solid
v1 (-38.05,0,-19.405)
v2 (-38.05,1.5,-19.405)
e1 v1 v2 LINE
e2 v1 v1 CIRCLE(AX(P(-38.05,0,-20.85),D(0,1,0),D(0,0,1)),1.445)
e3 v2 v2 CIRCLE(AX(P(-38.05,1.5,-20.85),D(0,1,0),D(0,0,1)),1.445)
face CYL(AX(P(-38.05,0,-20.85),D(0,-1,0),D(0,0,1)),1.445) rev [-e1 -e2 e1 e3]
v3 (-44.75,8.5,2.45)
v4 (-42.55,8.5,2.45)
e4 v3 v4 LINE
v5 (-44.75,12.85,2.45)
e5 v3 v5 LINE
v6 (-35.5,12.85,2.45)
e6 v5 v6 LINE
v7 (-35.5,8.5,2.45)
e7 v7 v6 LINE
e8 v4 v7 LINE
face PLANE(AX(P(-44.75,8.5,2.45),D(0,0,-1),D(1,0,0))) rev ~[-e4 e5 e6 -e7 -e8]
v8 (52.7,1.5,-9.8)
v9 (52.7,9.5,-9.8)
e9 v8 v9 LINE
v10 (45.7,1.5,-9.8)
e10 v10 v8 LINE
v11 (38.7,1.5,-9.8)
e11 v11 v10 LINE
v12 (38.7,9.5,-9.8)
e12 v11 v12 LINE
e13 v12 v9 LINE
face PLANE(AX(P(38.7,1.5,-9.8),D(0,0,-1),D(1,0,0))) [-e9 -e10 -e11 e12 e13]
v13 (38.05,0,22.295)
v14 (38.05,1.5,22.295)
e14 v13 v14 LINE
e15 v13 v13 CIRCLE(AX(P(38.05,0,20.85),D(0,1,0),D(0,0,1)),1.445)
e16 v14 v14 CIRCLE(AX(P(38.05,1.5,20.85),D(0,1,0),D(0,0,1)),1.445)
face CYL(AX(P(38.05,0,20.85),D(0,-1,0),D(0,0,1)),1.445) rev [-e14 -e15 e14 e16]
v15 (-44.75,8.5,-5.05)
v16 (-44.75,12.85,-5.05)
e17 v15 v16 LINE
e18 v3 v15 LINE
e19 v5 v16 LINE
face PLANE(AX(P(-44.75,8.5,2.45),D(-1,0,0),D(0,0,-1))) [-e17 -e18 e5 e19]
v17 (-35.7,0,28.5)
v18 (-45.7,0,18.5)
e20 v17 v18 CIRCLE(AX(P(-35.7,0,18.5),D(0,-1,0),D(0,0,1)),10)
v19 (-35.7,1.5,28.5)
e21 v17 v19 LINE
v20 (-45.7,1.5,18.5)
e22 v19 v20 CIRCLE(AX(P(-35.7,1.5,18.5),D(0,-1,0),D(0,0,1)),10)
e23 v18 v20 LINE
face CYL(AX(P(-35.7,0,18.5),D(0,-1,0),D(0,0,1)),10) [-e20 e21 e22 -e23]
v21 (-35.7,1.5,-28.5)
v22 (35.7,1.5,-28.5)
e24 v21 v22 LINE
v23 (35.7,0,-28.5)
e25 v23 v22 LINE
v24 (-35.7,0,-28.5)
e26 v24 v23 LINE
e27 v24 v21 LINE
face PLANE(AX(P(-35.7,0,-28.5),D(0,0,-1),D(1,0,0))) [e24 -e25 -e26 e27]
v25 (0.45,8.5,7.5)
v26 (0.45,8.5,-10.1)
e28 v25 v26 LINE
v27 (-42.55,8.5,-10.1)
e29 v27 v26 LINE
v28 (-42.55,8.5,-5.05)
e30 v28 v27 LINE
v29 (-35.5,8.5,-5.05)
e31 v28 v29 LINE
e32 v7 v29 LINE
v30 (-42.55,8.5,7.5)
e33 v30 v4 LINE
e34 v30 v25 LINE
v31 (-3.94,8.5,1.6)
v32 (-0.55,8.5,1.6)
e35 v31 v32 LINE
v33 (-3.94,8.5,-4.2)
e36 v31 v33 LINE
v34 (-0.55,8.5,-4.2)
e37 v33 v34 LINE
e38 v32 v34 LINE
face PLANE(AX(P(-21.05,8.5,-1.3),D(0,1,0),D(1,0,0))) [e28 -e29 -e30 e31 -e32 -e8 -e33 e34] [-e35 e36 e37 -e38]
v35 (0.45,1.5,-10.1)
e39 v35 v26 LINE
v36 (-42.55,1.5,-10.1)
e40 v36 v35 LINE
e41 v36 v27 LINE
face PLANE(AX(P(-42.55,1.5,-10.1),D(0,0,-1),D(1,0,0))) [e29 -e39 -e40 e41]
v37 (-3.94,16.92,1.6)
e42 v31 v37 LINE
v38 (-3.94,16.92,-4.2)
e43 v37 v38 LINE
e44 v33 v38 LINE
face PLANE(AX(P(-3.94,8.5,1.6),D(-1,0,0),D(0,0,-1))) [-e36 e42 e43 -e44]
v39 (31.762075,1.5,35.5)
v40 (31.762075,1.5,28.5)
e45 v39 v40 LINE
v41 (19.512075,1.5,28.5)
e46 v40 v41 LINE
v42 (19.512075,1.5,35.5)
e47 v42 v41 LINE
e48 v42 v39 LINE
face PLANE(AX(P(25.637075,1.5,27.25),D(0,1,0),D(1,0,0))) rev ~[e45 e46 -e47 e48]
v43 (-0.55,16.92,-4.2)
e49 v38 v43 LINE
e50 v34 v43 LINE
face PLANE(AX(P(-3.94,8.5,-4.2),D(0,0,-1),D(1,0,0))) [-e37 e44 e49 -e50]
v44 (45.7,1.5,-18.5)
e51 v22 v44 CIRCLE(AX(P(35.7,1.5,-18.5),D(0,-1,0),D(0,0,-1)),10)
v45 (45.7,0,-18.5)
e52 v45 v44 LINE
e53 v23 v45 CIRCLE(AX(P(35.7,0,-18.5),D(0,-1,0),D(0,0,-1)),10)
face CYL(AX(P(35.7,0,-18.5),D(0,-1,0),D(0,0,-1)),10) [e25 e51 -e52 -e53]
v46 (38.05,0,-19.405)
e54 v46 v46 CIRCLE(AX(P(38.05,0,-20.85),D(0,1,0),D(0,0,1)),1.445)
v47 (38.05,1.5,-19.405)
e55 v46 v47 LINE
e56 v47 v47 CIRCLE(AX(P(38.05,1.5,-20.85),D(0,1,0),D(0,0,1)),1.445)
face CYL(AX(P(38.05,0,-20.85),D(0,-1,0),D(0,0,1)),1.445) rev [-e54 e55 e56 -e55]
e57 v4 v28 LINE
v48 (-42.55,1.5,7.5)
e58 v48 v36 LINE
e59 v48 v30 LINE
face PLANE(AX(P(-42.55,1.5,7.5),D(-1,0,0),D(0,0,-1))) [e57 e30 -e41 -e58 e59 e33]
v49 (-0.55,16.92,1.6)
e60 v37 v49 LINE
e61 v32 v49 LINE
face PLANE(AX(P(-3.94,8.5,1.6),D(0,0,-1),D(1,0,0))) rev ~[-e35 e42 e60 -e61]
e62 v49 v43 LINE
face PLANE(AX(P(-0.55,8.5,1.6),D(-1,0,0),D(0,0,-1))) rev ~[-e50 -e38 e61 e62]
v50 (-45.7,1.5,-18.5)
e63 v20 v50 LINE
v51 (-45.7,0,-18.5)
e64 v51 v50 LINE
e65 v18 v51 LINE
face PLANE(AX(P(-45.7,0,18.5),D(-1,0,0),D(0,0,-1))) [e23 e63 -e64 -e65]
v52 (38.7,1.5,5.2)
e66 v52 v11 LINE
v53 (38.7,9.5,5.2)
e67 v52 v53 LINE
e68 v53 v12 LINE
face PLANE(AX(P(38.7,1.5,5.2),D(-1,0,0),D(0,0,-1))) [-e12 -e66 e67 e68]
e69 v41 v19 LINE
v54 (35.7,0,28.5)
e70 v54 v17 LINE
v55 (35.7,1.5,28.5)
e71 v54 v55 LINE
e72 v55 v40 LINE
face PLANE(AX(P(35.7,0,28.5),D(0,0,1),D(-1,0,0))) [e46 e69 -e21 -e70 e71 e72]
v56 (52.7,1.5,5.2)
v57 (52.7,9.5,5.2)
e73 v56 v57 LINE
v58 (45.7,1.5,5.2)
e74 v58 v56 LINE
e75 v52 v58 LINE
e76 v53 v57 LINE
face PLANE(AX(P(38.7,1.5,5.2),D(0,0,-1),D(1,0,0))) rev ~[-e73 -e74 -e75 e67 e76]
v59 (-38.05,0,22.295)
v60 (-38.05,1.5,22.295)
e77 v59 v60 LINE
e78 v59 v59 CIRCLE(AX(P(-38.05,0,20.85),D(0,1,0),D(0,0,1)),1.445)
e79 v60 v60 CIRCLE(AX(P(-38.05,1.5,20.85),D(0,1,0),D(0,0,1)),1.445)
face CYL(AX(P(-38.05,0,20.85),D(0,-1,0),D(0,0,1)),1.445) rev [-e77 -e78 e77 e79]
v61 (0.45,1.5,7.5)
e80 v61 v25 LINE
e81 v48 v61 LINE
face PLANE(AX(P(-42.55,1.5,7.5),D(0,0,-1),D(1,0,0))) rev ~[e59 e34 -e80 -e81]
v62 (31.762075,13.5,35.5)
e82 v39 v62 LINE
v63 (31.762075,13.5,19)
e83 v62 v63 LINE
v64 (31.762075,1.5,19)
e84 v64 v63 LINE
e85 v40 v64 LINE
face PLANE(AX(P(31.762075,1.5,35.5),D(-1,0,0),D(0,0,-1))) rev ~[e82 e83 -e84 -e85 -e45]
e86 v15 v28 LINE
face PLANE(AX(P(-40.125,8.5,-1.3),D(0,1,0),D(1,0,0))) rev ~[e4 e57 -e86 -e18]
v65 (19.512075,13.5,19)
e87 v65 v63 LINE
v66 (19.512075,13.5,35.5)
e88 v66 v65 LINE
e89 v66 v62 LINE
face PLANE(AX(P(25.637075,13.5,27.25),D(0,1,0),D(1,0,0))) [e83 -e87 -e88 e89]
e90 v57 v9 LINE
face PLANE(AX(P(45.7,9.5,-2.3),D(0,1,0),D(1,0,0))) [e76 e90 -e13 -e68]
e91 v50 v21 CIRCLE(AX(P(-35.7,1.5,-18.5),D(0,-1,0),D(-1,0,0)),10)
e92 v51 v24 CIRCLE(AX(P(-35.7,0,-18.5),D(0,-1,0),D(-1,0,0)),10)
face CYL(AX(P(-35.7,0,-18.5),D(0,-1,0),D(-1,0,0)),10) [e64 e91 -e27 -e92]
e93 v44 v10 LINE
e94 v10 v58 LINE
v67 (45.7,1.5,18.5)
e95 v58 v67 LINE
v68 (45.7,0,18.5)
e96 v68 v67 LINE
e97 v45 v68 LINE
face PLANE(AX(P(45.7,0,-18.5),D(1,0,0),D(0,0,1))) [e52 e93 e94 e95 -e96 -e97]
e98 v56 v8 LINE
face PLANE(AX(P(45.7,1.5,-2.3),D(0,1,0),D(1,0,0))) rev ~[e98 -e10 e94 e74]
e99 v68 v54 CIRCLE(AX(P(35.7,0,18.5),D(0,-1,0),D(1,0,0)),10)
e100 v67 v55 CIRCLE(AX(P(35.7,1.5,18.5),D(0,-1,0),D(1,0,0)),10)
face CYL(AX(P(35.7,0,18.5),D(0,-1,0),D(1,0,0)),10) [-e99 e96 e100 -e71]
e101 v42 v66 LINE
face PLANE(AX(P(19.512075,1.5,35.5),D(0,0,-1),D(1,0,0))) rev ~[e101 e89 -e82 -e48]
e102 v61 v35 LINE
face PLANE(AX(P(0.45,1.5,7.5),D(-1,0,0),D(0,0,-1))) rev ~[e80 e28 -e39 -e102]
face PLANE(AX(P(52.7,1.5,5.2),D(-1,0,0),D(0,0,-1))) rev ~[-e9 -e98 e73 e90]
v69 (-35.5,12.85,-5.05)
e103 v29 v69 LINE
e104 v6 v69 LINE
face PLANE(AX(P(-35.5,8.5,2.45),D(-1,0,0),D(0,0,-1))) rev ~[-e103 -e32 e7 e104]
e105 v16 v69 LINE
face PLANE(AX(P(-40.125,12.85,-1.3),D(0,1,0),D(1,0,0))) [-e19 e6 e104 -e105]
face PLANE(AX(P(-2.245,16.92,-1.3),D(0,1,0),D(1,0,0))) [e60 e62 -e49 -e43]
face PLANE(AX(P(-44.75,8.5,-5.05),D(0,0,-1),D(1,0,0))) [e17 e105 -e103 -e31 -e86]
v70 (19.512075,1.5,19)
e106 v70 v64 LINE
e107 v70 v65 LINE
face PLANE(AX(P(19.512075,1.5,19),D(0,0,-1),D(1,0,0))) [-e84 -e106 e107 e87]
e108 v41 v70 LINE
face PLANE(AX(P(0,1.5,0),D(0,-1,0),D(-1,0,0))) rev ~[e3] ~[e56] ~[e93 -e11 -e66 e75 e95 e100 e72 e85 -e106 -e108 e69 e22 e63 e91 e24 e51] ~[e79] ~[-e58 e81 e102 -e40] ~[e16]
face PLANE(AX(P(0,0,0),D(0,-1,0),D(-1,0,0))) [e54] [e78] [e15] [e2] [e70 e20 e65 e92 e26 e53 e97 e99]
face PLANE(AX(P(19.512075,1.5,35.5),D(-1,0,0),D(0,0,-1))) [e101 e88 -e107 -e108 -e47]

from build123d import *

# Parameters (mm, degrees)
SKETCH1_R           = 1.445
BOSS_EXTRUDE1_DEPTH = 1.5
SKETCH2_W           = 43
SKETCH2_H           = 17.6
BOSS_EXTRUDE2_DEPTH = 7
SKETCH3_W           = 9.25
SKETCH3_H           = 7.5
BOSS_EXTRUDE3_DEPTH = 4.35
SKETCH4_W           = 3.39
SKETCH4_H           = 5.8
BOSS_EXTRUDE4_DEPTH = 8.42
SKETCH5_W           = 14
SKETCH5_H           = 15
BOSS_EXTRUDE5_DEPTH = 8
SKETCH6_W           = 12.25
SKETCH6_H           = 16.5
BOSS_EXTRUDE6_DEPTH = 12


with BuildPart() as part:
    # Sketch1 → Boss-Extrude1 (new body)
    with BuildSketch(Plane(origin=(0, 0, 0), x_dir=(1, 0, 0), z_dir=(0, 1, 0))):
        with BuildLine():
            Line((-35.7, 28.5), (35.7, 28.5))
            ThreePointArc((35.7, 28.5), (42.771067812, 25.571067812), (45.7, 18.5))
            Line((45.7, 18.5), (45.7, -18.5))
            ThreePointArc((45.7, -18.5), (42.771067812, -25.571067812), (35.7, -28.5))
            Line((35.7, -28.5), (-35.7, -28.5))
            ThreePointArc((-35.7, -28.5), (-42.771067812, -25.571067812), (-45.7, -18.5))
            Line((-45.7, -18.5), (-45.7, 18.5))
            ThreePointArc((-45.7, 18.5), (-42.771067812, 25.571067812), (-35.7, 28.5))
        make_face()
        with Locations(Location((-38.05, 20.85, 0), (0, 0, 270))):
            Circle(SKETCH1_R, mode=Mode.SUBTRACT)
        with Locations(Location((-38.05, -20.85, 0), (0, 0, 270))):
            Circle(SKETCH1_R, mode=Mode.SUBTRACT)
        with Locations(Location((38.05, 20.85, 0), (0, 0, 270))):
            Circle(SKETCH1_R, mode=Mode.SUBTRACT)
        with Locations(Location((38.05, -20.85, 0), (0, 0, 270))):
            Circle(SKETCH1_R, mode=Mode.SUBTRACT)
    extrude(amount=BOSS_EXTRUDE1_DEPTH)

    # Sketch2 → Boss-Extrude2 (add)
    with BuildSketch(Plane(origin=(0, 1.5, 0), x_dir=(1, 0, 0), z_dir=(0, 1, 0))):
        with Locations((-21.05, 1.3)):
            Rectangle(SKETCH2_W, SKETCH2_H)
    extrude(amount=BOSS_EXTRUDE2_DEPTH)

    # Sketch3 → Boss-Extrude3 (add)
    with BuildSketch(Plane(origin=(0, 8.5, 0), x_dir=(1, 0, 0), z_dir=(0, 1, 0))):
        with Locations((-40.125, 1.3)):
            Rectangle(SKETCH3_W, SKETCH3_H)
    extrude(amount=BOSS_EXTRUDE3_DEPTH)

    # Sketch4 → Boss-Extrude4 (add)
    with BuildSketch(Plane(origin=(0, 8.5, 0), x_dir=(1, 0, 0), z_dir=(0, 1, 0))):
        with Locations((-2.245, 1.3)):
            Rectangle(SKETCH4_W, SKETCH4_H)
    extrude(amount=BOSS_EXTRUDE4_DEPTH)

    # Sketch5 → Boss-Extrude5 (add)
    with BuildSketch(Plane(origin=(0, 1.5, 0), x_dir=(1, 0, 0), z_dir=(0, 1, 0))):
        with Locations((45.7, 2.3)):
            Rectangle(SKETCH5_W, SKETCH5_H)
    extrude(amount=BOSS_EXTRUDE5_DEPTH)

    # Sketch6 → Boss-Extrude6 (add)
    with BuildSketch(Plane(origin=(0, 1.5, 0), x_dir=(1, 0, 0), z_dir=(0, 1, 0))):
        with Locations((25.637075285, -27.25)):
            Rectangle(SKETCH6_W, SKETCH6_H)
    extrude(amount=BOSS_EXTRUDE6_DEPTH)


solid = part.part
